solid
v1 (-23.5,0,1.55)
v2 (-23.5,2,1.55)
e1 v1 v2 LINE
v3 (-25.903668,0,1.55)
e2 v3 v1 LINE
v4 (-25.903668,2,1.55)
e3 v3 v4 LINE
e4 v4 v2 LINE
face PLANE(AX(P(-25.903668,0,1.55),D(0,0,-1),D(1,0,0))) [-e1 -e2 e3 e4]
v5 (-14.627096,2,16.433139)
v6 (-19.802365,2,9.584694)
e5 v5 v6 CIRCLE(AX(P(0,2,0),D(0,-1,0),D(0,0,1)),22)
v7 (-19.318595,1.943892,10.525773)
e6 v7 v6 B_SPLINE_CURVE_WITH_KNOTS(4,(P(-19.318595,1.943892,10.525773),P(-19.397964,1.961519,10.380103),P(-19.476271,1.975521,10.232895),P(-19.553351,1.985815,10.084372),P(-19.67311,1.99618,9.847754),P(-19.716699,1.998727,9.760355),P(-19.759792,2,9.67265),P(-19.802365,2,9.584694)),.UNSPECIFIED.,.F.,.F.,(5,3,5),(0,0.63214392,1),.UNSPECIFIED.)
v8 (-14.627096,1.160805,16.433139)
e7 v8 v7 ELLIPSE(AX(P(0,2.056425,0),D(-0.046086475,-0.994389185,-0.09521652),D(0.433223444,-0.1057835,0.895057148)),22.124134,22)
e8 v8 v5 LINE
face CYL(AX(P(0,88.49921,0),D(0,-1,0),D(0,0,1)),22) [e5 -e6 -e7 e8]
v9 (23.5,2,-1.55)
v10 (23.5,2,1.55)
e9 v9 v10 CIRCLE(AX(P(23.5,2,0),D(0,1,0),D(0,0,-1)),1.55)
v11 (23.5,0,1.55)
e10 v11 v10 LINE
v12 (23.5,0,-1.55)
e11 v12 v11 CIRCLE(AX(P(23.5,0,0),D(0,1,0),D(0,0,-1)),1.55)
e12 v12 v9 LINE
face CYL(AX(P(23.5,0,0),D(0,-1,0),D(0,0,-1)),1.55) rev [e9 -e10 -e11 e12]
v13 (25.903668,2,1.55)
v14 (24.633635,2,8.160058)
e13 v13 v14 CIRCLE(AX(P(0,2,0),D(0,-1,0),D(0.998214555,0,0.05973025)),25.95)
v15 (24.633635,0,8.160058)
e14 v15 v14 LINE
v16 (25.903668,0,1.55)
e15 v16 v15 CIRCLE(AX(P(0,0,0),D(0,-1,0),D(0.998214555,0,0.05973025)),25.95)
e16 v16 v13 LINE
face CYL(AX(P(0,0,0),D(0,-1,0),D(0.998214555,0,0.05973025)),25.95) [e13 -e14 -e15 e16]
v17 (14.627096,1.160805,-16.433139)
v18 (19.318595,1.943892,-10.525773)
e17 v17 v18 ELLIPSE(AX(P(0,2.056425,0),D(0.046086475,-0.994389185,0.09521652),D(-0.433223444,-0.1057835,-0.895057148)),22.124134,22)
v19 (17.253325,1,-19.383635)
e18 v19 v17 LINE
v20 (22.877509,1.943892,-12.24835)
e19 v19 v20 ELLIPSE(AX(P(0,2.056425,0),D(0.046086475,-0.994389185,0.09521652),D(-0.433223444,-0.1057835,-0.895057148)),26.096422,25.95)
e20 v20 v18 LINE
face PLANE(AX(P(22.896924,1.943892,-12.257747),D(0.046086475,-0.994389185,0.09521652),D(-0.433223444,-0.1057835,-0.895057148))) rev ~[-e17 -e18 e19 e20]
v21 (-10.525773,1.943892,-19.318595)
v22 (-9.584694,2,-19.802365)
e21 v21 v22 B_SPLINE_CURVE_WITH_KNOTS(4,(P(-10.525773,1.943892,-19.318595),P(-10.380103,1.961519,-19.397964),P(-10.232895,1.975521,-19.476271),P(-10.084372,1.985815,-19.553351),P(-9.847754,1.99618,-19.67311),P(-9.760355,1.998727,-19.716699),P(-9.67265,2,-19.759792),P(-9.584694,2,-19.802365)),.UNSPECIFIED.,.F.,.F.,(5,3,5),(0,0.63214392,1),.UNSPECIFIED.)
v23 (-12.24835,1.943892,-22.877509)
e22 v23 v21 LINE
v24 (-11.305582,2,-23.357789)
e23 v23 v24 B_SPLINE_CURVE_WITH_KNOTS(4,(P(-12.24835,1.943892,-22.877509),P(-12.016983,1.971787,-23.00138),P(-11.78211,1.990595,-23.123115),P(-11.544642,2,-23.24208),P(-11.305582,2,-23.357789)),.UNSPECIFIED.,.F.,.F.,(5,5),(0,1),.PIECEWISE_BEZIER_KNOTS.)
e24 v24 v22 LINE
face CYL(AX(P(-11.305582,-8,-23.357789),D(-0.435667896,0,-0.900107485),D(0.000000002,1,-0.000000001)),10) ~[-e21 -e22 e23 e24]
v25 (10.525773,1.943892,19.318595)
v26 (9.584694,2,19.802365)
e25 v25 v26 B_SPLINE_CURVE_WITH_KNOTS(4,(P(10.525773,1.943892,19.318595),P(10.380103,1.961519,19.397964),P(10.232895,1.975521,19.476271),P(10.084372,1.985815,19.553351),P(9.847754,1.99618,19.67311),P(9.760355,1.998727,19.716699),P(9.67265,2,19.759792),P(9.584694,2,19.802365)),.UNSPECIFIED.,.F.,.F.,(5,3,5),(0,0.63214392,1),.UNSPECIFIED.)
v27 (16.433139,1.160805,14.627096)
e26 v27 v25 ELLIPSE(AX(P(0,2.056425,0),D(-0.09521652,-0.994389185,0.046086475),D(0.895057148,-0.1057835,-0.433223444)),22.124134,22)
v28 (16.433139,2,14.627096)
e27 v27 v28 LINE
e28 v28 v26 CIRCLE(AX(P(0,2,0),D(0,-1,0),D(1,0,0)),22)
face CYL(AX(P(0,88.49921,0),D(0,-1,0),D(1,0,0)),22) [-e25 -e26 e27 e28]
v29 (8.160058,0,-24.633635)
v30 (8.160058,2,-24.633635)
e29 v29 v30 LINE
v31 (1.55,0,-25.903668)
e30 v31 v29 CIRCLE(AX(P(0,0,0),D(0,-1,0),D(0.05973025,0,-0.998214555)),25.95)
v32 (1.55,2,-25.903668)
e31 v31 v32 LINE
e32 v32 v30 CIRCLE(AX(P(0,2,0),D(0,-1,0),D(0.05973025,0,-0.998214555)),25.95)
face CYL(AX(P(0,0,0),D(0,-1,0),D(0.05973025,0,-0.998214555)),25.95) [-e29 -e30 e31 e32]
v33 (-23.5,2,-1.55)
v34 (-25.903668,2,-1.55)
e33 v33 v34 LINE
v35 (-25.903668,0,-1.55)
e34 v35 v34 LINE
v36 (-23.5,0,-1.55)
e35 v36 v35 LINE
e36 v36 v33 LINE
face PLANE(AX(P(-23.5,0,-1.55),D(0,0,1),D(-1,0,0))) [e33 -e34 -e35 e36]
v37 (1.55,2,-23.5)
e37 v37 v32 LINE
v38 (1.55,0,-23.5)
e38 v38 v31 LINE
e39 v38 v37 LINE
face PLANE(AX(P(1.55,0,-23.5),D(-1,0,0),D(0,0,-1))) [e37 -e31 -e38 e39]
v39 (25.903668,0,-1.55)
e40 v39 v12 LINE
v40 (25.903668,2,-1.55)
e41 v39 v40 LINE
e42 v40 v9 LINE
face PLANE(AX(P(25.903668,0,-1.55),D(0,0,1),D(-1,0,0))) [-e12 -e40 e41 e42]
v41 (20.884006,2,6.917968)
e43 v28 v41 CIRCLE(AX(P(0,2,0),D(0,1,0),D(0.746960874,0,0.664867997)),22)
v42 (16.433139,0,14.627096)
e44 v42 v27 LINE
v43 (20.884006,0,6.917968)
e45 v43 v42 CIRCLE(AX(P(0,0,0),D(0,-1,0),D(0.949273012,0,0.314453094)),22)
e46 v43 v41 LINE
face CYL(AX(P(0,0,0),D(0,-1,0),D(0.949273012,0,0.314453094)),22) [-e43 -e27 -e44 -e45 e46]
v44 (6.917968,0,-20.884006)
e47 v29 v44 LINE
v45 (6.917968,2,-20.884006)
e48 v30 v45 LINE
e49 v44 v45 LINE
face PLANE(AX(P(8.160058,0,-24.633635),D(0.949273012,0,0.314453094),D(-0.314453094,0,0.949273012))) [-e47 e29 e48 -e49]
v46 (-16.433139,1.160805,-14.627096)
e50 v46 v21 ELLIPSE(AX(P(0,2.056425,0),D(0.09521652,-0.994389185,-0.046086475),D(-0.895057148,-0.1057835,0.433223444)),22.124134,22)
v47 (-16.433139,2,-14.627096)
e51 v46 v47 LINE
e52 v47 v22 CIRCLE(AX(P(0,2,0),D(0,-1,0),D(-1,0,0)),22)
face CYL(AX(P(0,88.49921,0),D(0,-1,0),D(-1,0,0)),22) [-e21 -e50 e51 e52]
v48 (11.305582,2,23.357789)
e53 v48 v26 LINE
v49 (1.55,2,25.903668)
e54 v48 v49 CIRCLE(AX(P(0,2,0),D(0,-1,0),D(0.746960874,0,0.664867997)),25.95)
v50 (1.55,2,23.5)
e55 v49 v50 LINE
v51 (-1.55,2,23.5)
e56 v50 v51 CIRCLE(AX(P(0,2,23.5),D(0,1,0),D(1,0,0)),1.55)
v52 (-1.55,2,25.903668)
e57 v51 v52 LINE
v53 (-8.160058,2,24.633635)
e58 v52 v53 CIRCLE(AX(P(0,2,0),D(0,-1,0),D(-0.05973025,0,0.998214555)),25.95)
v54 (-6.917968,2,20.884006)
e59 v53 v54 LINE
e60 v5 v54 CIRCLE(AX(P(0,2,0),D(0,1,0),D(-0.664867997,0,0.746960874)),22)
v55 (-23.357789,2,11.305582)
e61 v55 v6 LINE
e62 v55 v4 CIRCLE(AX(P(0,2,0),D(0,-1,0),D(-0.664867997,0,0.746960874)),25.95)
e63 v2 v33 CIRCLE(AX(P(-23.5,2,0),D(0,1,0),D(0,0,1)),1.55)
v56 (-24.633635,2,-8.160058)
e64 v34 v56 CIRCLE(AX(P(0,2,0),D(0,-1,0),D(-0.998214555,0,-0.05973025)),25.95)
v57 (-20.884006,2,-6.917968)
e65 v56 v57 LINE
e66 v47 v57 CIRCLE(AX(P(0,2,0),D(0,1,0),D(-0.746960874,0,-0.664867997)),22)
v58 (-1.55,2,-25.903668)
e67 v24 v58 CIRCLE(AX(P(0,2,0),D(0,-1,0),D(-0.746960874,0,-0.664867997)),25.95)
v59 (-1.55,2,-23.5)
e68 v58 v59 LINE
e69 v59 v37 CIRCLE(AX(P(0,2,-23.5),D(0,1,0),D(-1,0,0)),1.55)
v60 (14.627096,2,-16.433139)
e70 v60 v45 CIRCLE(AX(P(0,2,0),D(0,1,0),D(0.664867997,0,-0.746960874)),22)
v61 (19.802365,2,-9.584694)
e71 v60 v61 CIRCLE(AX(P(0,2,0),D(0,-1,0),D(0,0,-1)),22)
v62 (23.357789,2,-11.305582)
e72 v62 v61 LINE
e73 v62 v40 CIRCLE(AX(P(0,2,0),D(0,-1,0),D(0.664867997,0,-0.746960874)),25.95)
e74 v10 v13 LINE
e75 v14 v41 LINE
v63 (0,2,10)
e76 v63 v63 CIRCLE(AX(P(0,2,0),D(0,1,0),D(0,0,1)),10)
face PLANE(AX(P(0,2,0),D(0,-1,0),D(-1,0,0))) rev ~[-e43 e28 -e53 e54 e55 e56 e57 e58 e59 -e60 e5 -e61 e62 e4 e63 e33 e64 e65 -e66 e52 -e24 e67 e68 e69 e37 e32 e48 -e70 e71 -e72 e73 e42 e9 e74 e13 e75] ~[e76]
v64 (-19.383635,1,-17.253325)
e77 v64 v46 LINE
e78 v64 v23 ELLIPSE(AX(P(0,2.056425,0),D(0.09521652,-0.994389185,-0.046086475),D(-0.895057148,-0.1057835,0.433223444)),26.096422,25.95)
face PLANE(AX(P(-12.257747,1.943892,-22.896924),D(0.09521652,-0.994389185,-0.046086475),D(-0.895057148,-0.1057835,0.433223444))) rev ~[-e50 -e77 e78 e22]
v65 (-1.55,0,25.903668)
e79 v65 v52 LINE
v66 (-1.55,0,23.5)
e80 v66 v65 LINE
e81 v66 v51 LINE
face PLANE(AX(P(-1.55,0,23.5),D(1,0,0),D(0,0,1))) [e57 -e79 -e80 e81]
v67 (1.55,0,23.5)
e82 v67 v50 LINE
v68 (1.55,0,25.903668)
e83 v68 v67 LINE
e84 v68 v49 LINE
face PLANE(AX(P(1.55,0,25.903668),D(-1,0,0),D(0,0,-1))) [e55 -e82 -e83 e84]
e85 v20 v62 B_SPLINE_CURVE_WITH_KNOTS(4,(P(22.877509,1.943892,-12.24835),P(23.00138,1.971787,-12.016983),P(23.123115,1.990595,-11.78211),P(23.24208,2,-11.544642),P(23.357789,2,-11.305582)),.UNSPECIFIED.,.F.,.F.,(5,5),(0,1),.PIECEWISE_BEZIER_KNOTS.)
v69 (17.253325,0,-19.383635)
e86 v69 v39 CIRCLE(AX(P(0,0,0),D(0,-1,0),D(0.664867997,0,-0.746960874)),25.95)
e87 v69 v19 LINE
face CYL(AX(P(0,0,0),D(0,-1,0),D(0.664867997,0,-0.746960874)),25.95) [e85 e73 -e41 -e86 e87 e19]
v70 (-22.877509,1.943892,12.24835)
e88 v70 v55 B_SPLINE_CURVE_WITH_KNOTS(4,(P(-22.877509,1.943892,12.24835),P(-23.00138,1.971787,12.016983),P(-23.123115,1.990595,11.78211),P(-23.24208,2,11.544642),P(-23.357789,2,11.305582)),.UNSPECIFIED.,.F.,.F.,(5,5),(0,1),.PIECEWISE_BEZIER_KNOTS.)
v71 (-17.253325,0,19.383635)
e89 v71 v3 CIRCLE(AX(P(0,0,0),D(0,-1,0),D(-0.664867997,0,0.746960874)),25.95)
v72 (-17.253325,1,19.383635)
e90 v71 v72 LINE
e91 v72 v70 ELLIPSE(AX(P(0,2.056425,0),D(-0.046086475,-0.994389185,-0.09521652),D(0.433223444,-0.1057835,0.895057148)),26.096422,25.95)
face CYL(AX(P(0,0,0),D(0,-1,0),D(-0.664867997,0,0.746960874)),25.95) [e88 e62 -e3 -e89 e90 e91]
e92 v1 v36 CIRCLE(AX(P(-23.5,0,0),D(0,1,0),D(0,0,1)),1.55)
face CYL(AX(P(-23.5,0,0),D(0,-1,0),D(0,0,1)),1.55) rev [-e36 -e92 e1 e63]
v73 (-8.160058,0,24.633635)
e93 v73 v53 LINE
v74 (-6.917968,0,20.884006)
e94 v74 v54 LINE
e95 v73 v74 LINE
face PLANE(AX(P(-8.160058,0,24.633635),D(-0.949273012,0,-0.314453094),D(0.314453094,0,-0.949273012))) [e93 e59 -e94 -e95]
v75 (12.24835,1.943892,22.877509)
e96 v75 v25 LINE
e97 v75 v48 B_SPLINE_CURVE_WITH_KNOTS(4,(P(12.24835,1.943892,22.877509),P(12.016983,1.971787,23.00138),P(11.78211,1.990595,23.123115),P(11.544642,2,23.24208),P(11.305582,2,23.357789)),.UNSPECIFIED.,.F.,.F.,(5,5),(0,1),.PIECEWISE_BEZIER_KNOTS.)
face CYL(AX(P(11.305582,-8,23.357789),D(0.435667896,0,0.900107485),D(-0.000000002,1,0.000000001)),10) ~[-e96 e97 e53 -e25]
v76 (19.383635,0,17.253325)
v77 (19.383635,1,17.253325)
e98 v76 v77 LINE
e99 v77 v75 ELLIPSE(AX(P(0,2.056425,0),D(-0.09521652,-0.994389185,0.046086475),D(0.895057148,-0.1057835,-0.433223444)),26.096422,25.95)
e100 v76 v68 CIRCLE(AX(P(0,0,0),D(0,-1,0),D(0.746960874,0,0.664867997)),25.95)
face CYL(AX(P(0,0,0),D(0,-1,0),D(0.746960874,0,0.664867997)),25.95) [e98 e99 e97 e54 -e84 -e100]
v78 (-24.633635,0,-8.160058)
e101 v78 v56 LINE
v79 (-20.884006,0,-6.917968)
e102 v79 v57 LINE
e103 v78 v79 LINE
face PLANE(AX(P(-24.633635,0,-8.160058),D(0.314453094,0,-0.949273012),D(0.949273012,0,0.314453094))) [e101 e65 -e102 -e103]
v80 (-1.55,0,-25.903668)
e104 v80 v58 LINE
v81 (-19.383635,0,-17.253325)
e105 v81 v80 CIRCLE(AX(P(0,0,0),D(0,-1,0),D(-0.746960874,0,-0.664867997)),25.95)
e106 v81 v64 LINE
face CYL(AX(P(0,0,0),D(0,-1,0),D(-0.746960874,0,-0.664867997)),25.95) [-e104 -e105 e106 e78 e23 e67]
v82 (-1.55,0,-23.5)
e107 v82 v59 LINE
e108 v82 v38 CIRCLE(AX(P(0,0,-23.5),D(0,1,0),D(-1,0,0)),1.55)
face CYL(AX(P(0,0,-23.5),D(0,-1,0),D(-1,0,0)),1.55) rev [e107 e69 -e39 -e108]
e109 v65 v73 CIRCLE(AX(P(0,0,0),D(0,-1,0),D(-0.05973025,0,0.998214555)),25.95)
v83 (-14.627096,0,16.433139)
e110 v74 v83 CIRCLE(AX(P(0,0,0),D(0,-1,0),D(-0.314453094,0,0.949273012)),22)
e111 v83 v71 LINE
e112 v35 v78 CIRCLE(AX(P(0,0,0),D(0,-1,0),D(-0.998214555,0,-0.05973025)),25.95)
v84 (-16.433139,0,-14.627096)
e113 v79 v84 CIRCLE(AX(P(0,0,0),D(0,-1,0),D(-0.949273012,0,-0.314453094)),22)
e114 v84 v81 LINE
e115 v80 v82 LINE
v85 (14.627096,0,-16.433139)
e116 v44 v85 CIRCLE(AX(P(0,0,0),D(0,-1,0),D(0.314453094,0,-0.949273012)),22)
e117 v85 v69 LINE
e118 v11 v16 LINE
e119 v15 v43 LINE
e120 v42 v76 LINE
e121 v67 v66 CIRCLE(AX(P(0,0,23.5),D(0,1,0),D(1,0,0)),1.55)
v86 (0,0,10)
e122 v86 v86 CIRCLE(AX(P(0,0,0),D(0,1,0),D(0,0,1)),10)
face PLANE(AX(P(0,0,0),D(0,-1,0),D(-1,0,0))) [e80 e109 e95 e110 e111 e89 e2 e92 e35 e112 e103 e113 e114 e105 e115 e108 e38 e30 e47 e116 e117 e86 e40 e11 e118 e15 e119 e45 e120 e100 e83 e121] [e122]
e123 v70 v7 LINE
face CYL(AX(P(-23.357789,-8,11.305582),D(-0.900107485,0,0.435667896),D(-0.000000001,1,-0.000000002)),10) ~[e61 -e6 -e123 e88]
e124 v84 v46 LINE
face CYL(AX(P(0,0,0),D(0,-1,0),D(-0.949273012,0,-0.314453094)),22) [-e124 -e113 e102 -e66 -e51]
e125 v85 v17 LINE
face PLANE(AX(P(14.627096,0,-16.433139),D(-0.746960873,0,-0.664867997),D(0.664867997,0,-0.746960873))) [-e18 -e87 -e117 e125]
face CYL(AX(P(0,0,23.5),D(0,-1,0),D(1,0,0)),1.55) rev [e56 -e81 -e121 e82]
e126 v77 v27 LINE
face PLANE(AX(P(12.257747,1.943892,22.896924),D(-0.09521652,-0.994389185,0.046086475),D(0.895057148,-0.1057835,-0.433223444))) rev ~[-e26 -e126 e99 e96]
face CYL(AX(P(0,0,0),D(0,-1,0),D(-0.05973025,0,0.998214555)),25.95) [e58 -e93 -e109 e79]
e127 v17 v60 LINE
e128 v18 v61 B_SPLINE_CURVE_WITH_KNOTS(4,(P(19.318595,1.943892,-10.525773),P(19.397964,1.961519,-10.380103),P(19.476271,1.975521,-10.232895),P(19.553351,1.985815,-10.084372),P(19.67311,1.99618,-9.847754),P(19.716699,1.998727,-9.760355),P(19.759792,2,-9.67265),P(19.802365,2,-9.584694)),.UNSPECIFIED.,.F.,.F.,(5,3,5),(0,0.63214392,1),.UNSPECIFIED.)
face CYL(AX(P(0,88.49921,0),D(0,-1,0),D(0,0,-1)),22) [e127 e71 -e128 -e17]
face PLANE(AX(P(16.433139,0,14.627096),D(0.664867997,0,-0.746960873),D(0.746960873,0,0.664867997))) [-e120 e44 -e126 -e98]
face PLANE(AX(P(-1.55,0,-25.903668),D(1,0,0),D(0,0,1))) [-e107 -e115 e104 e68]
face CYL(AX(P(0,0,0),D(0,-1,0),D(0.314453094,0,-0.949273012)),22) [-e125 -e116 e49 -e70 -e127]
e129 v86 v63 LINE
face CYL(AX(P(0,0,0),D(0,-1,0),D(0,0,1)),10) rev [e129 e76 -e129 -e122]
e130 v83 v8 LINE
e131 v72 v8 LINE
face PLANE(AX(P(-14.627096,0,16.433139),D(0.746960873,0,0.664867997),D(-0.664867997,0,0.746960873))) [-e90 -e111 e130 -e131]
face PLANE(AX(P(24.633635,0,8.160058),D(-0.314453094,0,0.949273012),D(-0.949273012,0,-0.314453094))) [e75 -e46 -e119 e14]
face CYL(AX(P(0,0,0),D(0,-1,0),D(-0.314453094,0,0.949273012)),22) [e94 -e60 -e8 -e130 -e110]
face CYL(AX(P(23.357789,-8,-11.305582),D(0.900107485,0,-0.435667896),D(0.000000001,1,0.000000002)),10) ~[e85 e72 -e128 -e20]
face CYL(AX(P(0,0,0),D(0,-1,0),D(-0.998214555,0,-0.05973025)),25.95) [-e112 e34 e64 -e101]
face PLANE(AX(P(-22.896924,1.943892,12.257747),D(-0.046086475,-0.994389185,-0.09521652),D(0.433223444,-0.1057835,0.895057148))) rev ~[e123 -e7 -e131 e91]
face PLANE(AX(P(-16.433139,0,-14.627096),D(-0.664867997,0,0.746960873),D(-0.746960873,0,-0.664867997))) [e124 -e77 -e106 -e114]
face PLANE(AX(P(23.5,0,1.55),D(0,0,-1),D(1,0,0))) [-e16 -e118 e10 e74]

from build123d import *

# Parameters (mm, degrees)
ESQUISSE2_R                  = 10
BOSS_EXTRU_1_DEPTH           = 2
ENL_V_MAT_EXTRU_1_REACH      = 63.767
ENL_V_MAT_EXTRU_1_END_RADIUS = 22
R_P_TITION_CIRCULAIRE1_COUNT = 4


with BuildPart() as part:
    # Esquisse2 → Boss.-Extru.1 (new body)
    with BuildSketch(Plane(origin=(0, 0, 0), x_dir=(1, 0, 0), z_dir=(0, 1, 0))):
        with BuildLine():
            Line((-1.55, 25.903667694), (-1.55, 23.5))
            ThreePointArc((-1.55, 23.5), (0, 21.95), (1.55, 23.5))
            Line((1.55, 23.5), (1.55, 25.903667694))
            ThreePointArc((1.55, 25.903667694), (4.89638147, 25.483876246), (8.160057781, 24.633634669))
            Line((8.160057781, 24.633634669), (6.917968061, 20.884006271))
            ThreePointArc((6.917968061, 20.884006271), (11, 19.052558883), (14.627095933, 16.433139219))
            Line((14.627095933, 16.433139219), (17.253324521, 19.383634669))
            ThreePointArc((17.253324521, 19.383634669), (23.348257443, 11.325253832), (25.903667694, 1.55))
            Line((25.903667694, 1.55), (23.5, 1.55))
            ThreePointArc((23.5, 1.55), (21.95, 0), (23.5, -1.55))
            Line((23.5, -1.55), (25.903667694, -1.55))
            ThreePointArc((25.903667694, -1.55), (25.483876246, -4.89638147), (24.633634669, -8.160057781))
            Line((24.633634669, -8.160057781), (20.884006271, -6.917968061))
            ThreePointArc((20.884006271, -6.917968061), (19.052558883, -11), (16.433139219, -14.627095933))
            Line((16.433139219, -14.627095933), (19.383634669, -17.253324521))
            ThreePointArc((19.383634669, -17.253324521), (11.325253832, -23.348257443), (1.55, -25.903667694))
            Line((1.55, -25.903667694), (1.55, -23.5))
            ThreePointArc((1.55, -23.5), (0, -21.95), (-1.55, -23.5))
            Line((-1.55, -23.5), (-1.55, -25.903667694))
            ThreePointArc((-1.55, -25.903667694), (-4.89638147, -25.483876246), (-8.160057781, -24.633634669))
            Line((-8.160057781, -24.633634669), (-6.917968061, -20.884006271))
            ThreePointArc((-6.917968061, -20.884006271), (-11, -19.052558883), (-14.627095933, -16.433139219))
            Line((-14.627095933, -16.433139219), (-17.253324521, -19.383634669))
            ThreePointArc((-17.253324521, -19.383634669), (-23.348257443, -11.325253832), (-25.903667694, -1.55))
            Line((-25.903667694, -1.55), (-23.5, -1.55))
            ThreePointArc((-23.5, -1.55), (-21.95, 0), (-23.5, 1.55))
            Line((-23.5, 1.55), (-25.903667694, 1.55))
            ThreePointArc((-25.903667694, 1.55), (-25.483876246, 4.89638147), (-24.633634669, 8.160057781))
            Line((-24.633634669, 8.160057781), (-20.884006271, 6.917968061))
            ThreePointArc((-20.884006271, 6.917968061), (-19.052558883, 11), (-16.433139219, 14.627095933))
            Line((-16.433139219, 14.627095933), (-19.383634669, 17.253324521))
            ThreePointArc((-19.383634669, 17.253324521), (-11.325253832, 23.348257443), (-1.55, 25.903667694))
        make_face()
        with Locations(Location((0, 0, 0), (0, 0, 270))):
            Circle(ESQUISSE2_R, mode=Mode.SUBTRACT)
    extrude(amount=BOSS_EXTRU_1_DEPTH)

    # Enlèv. mat.-Extru.1: up to this cylinder (the profile starts outside it)
    enl_v_mat_extru_1_end = Plane(origin=(0, 2.23221, 0), z_dir=(0, -1, 0)) * Cylinder(ENL_V_MAT_EXTRU_1_END_RADIUS, 172.534, mode=Mode.PRIVATE)
    # Esquisse4 → Enlèv. mat.-Extru.1 (cut, up to the surface)
    with BuildSketch(Plane(origin=(23.357789239, 0, -11.305581889), x_dir=(-0.43566789553954177, 0, -0.9001074851350516), z_dir=(0.9001074851350516, 0, -0.43566789553954177)), mode=Mode.PRIVATE) as enl_v_mat_extru_1_sk1:
        with BuildLine():
            Line((9.93063507, 1), (9.93063507, 3))
            Line((9.93063507, 3), (0, 3))
            Line((0, 3), (0, 2))
            ThreePointArc((0, 2), (0.52966098, 1.985963111), (1.057835001, 1.943891849))
            Line((1.057835001, 1.943891849), (9.93063507, 1))
        make_face()
    enl_v_mat_extru_1_tool1 = extrude(enl_v_mat_extru_1_sk1.sketch, amount=-ENL_V_MAT_EXTRU_1_REACH, mode=Mode.PRIVATE) - enl_v_mat_extru_1_end
    enl_v_mat_extru_1 = enl_v_mat_extru_1_tool1.solids().sort_by_distance((20.938912, 2.23221, -16.303079))[0]
    add(enl_v_mat_extru_1, mode=Mode.SUBTRACT)

    # Répétition circulaire1: Enlèv. mat.-Extru.1 ×4 about axis
    r_p_tition_circulaire1_axis = Axis((0, 0, 0), (0, 1, 0))
    for i in range(1, R_P_TITION_CIRCULAIRE1_COUNT):
        add(enl_v_mat_extru_1.rotate(r_p_tition_circulaire1_axis, i * 360 / R_P_TITION_CIRCULAIRE1_COUNT), mode=Mode.SUBTRACT)


solid = part.part
